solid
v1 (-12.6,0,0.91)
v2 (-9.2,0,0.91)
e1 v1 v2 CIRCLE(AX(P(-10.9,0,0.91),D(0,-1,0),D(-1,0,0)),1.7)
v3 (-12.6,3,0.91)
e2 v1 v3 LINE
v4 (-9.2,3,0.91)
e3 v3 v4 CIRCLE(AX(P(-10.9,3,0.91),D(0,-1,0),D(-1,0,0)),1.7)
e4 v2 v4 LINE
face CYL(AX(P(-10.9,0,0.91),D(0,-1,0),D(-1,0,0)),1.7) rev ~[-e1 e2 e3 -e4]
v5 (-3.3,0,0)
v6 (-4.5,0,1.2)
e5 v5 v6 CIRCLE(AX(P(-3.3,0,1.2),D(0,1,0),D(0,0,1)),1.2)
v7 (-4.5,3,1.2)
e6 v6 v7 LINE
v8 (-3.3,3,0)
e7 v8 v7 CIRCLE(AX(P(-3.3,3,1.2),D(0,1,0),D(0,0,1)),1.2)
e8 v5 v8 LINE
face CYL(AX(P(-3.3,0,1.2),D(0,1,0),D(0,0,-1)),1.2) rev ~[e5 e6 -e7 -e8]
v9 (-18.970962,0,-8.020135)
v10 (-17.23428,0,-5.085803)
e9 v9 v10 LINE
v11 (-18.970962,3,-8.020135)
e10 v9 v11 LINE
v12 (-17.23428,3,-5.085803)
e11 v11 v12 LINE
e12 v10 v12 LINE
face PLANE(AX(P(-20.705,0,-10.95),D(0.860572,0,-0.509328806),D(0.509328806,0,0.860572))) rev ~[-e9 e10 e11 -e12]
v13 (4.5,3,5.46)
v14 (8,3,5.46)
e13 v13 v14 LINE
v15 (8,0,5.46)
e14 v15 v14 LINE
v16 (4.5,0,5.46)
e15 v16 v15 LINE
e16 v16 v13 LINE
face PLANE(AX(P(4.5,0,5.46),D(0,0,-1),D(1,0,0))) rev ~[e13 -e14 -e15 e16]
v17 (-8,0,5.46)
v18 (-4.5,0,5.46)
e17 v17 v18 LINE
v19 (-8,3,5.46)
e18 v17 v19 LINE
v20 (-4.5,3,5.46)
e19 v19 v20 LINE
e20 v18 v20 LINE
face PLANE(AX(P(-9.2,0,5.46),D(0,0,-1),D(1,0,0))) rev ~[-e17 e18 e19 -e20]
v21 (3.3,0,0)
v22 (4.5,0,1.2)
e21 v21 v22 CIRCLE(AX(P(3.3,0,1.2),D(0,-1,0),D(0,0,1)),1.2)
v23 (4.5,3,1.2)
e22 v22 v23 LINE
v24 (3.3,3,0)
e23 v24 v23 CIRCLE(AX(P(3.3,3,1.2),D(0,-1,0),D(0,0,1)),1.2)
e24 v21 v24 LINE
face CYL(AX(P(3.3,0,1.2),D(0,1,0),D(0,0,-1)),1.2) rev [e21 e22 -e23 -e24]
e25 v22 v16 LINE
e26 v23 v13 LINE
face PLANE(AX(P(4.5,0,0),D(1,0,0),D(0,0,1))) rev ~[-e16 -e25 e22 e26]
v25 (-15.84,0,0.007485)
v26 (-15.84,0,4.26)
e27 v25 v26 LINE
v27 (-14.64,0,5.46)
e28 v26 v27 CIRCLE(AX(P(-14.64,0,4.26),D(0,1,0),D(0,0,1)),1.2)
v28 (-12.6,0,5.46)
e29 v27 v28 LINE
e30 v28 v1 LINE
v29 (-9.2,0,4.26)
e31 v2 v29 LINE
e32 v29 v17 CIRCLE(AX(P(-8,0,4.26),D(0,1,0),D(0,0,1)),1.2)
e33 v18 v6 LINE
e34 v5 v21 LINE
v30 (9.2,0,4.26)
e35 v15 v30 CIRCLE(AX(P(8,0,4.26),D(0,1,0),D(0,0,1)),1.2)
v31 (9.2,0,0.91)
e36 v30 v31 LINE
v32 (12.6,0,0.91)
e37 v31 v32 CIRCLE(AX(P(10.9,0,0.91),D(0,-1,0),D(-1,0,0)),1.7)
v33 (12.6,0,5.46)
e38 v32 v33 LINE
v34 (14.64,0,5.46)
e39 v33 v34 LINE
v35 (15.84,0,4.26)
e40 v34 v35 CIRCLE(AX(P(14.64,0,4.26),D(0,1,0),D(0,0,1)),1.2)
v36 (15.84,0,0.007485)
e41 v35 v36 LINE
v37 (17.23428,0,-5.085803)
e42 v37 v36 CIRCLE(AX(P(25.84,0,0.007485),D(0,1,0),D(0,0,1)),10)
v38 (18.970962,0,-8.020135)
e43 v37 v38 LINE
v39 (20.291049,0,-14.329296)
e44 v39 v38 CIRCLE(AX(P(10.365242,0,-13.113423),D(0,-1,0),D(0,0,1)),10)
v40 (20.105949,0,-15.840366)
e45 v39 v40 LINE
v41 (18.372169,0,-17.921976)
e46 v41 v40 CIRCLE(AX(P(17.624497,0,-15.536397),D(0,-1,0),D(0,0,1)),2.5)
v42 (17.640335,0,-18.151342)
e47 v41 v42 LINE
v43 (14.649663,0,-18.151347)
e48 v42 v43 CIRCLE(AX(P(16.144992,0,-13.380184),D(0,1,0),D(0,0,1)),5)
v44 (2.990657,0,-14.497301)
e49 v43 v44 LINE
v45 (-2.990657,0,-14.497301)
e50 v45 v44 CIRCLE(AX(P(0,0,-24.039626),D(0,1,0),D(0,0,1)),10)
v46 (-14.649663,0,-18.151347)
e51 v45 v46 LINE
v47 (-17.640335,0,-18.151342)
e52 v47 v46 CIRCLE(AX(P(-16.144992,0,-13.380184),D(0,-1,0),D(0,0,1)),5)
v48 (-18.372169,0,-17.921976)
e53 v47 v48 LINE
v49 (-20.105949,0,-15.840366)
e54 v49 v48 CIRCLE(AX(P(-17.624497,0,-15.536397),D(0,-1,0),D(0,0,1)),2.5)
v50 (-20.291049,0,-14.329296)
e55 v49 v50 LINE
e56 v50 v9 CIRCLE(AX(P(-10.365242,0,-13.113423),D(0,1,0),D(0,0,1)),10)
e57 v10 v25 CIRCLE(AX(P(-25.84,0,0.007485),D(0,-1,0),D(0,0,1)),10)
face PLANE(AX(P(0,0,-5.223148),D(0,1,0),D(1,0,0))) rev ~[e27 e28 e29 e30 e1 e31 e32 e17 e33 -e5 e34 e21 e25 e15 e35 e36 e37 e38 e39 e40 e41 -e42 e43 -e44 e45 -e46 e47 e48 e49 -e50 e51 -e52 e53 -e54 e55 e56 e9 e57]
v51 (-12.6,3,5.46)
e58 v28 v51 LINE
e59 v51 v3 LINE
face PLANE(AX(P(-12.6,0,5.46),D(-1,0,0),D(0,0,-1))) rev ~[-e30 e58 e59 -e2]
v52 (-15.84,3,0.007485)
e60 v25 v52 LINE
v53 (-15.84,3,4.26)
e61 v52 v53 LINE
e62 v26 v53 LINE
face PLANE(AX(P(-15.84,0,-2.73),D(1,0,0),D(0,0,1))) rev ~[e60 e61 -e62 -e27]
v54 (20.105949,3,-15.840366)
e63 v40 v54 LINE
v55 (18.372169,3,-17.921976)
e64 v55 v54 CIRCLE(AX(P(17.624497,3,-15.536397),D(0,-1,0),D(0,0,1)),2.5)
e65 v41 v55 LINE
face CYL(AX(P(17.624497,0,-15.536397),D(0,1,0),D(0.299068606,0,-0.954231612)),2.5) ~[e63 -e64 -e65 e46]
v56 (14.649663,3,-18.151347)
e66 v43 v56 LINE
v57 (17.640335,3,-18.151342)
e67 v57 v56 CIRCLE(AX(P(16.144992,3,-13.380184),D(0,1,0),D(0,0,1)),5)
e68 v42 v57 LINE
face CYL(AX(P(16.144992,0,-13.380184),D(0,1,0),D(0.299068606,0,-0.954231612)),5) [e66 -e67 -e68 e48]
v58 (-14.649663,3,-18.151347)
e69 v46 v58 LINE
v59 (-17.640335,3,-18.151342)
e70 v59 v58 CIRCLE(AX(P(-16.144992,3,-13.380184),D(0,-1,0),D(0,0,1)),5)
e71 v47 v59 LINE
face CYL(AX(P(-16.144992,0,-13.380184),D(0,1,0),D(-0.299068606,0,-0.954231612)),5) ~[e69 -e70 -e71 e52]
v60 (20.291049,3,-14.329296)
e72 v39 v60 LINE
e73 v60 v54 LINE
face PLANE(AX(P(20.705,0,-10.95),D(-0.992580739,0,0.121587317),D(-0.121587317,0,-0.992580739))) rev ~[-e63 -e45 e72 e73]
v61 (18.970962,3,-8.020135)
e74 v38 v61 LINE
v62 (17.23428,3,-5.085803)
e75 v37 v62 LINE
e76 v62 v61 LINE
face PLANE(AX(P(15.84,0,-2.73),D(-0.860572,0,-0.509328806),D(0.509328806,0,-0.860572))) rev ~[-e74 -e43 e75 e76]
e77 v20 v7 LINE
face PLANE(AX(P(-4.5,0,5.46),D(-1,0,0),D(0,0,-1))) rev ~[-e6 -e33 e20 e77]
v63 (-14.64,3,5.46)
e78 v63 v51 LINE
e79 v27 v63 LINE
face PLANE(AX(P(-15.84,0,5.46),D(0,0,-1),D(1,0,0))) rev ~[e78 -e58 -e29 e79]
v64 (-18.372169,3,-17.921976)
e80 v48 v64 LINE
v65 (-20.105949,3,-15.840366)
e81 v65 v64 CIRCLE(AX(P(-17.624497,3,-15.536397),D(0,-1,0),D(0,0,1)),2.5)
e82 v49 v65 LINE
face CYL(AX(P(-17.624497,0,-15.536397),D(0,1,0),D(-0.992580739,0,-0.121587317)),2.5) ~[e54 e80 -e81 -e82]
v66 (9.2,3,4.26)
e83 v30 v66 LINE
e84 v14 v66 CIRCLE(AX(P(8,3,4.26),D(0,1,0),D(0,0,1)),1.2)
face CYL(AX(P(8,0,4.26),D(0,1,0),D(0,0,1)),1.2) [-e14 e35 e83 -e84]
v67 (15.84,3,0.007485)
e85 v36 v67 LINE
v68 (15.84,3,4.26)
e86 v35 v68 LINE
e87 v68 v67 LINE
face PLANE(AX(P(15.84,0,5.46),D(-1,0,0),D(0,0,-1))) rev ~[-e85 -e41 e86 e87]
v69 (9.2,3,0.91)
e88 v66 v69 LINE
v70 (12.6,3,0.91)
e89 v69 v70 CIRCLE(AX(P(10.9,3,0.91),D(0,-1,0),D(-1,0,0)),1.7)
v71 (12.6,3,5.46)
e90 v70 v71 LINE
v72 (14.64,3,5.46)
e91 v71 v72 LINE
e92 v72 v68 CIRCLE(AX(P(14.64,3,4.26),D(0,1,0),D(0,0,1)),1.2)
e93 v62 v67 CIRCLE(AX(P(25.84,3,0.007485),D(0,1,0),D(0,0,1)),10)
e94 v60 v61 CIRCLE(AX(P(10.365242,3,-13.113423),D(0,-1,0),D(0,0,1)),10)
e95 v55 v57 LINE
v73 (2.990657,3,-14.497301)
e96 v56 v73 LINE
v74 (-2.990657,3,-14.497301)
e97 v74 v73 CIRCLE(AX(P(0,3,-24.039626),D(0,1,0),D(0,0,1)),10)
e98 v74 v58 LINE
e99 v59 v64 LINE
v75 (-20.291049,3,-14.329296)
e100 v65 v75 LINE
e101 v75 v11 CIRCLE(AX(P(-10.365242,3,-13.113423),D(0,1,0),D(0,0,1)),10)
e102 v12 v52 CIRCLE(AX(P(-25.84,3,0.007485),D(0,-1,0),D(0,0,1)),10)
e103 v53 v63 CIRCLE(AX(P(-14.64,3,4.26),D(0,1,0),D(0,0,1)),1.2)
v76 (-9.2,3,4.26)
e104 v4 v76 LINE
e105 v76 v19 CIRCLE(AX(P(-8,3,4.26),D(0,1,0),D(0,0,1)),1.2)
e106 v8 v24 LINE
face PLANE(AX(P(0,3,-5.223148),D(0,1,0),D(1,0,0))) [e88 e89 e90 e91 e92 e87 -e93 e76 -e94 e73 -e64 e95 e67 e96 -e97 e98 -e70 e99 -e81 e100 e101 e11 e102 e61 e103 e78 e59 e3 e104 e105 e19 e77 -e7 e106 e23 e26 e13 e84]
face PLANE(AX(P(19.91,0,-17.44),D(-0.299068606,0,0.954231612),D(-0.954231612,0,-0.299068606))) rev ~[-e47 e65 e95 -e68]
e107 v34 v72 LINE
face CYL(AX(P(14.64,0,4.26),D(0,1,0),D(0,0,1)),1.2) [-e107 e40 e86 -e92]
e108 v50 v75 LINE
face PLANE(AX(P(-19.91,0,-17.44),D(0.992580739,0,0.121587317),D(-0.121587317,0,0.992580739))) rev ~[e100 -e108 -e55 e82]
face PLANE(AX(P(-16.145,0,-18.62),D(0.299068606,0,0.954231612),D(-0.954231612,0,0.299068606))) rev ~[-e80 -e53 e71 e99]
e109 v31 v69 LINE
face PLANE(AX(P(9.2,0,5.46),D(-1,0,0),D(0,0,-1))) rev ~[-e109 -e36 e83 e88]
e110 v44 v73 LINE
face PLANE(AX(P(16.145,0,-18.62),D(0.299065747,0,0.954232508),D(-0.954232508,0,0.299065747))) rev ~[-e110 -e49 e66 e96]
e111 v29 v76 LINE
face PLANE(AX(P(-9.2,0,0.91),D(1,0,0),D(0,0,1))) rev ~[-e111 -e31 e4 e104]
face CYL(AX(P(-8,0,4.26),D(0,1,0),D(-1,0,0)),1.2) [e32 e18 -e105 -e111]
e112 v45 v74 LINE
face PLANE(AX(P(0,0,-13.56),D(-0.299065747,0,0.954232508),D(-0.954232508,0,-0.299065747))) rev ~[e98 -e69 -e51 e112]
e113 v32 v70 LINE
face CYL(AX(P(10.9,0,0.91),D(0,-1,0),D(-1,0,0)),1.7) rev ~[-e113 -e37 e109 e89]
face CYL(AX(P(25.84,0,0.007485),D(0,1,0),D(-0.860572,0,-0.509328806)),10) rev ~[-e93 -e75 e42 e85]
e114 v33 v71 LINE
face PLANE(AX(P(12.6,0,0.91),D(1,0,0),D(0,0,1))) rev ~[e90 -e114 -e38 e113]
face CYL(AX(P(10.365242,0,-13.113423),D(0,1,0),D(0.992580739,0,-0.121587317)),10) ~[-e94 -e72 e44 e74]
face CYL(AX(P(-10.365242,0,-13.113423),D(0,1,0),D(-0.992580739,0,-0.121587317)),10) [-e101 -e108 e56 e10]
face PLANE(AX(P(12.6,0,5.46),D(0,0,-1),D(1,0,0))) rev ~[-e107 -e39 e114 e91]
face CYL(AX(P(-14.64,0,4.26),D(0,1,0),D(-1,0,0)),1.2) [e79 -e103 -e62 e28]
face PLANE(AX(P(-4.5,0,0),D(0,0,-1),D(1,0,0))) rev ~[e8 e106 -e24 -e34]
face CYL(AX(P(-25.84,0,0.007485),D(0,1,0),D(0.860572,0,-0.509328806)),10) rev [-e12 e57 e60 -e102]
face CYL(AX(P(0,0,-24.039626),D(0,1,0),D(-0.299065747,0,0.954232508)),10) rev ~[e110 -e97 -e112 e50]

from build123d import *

# Parameters (mm, degrees)
BOSS_EXTRUDE1_DEPTH = 3
FILLET1_R           = 1.2
FILLET2_R           = 5
FILLET3_R           = 10
FILLET4_R           = 2.5


with BuildPart() as part:
    # Sketch1 → Boss-Extrude1 (new body)
    with BuildSketch(Plane(origin=(0, 0, 0), x_dir=(1, 0, 0), z_dir=(0, 1, 0))):
        with BuildLine():
            Line((-4.5, 0), (4.5, 0))
            Line((4.5, 0), (4.5, -5.46))
            Line((4.5, -5.46), (9.2, -5.46))
            Line((9.2, -5.46), (9.2, -0.91))
            ThreePointArc((9.2, -0.91), (10.9, 0.79), (12.6, -0.91))
            Line((12.6, -0.91), (12.6, -5.46))
            Line((12.6, -5.46), (15.84, -5.46))
            Line((15.84, -5.46), (15.84, 2.73))
            Line((15.84, 2.73), (20.705, 10.95))
            Line((20.705, 10.95), (19.91, 17.44))
            Line((19.91, 17.44), (16.145, 18.62))
            Line((16.145, 18.62), (0, 13.56))
            Line((0, 13.56), (-16.145, 18.62))
            Line((-16.145, 18.62), (-19.91, 17.44))
            Line((-19.91, 17.44), (-20.705, 10.95))
            Line((-20.705, 10.95), (-15.84, 2.73))
            Line((-15.84, 2.73), (-15.84, -5.46))
            Line((-15.84, -5.46), (-12.6, -5.46))
            Line((-12.6, -5.46), (-12.6, -0.91))
            ThreePointArc((-12.6, -0.91), (-10.9, 0.79), (-9.2, -0.91))
            Line((-9.2, -0.91), (-9.2, -5.46))
            Line((-9.2, -5.46), (-4.5, -5.46))
            Line((-4.5, -5.46), (-4.5, 0))
        make_face()
    extrude(amount=BOSS_EXTRUDE1_DEPTH)

    # Fillet1
    fillet1_edges = [part.edges().sort_by_distance(p)[0] for p in [
        (4.5, 1.5, 0),
        (-4.5, 1.5, 0),
        (-9.2, 1.5, 5.46),
        (-15.84, 1.5, 5.46),
        (15.84, 1.5, 5.46),
        (9.2, 1.5, 5.46),
    ]]
    fillet(fillet1_edges, radius=FILLET1_R)

    # Fillet2
    fillet2_edges = [part.edges().sort_by_distance(p)[0] for p in [
        (-16.145, 1.5, -18.62),
        (16.145, 1.5, -18.62),
    ]]
    fillet(fillet2_edges, radius=FILLET2_R)

    # Fillet3
    fillet3_edges = [part.edges().sort_by_distance(p)[0] for p in [
        (-15.84, 1.5, -2.73),
        (-20.705, 1.5, -10.95),
        (0, 1.5, -13.56),
        (20.705, 1.5, -10.95),
        (15.84, 1.5, -2.73),
    ]]
    fillet(fillet3_edges, radius=FILLET3_R)

    # Fillet4
    fillet4_edges = [part.edges().sort_by_distance(p)[0] for p in [
        (-19.91, 1.5, -17.44),
        (19.91, 1.5, -17.44),
    ]]
    fillet(fillet4_edges, radius=FILLET4_R)


solid = part.part
